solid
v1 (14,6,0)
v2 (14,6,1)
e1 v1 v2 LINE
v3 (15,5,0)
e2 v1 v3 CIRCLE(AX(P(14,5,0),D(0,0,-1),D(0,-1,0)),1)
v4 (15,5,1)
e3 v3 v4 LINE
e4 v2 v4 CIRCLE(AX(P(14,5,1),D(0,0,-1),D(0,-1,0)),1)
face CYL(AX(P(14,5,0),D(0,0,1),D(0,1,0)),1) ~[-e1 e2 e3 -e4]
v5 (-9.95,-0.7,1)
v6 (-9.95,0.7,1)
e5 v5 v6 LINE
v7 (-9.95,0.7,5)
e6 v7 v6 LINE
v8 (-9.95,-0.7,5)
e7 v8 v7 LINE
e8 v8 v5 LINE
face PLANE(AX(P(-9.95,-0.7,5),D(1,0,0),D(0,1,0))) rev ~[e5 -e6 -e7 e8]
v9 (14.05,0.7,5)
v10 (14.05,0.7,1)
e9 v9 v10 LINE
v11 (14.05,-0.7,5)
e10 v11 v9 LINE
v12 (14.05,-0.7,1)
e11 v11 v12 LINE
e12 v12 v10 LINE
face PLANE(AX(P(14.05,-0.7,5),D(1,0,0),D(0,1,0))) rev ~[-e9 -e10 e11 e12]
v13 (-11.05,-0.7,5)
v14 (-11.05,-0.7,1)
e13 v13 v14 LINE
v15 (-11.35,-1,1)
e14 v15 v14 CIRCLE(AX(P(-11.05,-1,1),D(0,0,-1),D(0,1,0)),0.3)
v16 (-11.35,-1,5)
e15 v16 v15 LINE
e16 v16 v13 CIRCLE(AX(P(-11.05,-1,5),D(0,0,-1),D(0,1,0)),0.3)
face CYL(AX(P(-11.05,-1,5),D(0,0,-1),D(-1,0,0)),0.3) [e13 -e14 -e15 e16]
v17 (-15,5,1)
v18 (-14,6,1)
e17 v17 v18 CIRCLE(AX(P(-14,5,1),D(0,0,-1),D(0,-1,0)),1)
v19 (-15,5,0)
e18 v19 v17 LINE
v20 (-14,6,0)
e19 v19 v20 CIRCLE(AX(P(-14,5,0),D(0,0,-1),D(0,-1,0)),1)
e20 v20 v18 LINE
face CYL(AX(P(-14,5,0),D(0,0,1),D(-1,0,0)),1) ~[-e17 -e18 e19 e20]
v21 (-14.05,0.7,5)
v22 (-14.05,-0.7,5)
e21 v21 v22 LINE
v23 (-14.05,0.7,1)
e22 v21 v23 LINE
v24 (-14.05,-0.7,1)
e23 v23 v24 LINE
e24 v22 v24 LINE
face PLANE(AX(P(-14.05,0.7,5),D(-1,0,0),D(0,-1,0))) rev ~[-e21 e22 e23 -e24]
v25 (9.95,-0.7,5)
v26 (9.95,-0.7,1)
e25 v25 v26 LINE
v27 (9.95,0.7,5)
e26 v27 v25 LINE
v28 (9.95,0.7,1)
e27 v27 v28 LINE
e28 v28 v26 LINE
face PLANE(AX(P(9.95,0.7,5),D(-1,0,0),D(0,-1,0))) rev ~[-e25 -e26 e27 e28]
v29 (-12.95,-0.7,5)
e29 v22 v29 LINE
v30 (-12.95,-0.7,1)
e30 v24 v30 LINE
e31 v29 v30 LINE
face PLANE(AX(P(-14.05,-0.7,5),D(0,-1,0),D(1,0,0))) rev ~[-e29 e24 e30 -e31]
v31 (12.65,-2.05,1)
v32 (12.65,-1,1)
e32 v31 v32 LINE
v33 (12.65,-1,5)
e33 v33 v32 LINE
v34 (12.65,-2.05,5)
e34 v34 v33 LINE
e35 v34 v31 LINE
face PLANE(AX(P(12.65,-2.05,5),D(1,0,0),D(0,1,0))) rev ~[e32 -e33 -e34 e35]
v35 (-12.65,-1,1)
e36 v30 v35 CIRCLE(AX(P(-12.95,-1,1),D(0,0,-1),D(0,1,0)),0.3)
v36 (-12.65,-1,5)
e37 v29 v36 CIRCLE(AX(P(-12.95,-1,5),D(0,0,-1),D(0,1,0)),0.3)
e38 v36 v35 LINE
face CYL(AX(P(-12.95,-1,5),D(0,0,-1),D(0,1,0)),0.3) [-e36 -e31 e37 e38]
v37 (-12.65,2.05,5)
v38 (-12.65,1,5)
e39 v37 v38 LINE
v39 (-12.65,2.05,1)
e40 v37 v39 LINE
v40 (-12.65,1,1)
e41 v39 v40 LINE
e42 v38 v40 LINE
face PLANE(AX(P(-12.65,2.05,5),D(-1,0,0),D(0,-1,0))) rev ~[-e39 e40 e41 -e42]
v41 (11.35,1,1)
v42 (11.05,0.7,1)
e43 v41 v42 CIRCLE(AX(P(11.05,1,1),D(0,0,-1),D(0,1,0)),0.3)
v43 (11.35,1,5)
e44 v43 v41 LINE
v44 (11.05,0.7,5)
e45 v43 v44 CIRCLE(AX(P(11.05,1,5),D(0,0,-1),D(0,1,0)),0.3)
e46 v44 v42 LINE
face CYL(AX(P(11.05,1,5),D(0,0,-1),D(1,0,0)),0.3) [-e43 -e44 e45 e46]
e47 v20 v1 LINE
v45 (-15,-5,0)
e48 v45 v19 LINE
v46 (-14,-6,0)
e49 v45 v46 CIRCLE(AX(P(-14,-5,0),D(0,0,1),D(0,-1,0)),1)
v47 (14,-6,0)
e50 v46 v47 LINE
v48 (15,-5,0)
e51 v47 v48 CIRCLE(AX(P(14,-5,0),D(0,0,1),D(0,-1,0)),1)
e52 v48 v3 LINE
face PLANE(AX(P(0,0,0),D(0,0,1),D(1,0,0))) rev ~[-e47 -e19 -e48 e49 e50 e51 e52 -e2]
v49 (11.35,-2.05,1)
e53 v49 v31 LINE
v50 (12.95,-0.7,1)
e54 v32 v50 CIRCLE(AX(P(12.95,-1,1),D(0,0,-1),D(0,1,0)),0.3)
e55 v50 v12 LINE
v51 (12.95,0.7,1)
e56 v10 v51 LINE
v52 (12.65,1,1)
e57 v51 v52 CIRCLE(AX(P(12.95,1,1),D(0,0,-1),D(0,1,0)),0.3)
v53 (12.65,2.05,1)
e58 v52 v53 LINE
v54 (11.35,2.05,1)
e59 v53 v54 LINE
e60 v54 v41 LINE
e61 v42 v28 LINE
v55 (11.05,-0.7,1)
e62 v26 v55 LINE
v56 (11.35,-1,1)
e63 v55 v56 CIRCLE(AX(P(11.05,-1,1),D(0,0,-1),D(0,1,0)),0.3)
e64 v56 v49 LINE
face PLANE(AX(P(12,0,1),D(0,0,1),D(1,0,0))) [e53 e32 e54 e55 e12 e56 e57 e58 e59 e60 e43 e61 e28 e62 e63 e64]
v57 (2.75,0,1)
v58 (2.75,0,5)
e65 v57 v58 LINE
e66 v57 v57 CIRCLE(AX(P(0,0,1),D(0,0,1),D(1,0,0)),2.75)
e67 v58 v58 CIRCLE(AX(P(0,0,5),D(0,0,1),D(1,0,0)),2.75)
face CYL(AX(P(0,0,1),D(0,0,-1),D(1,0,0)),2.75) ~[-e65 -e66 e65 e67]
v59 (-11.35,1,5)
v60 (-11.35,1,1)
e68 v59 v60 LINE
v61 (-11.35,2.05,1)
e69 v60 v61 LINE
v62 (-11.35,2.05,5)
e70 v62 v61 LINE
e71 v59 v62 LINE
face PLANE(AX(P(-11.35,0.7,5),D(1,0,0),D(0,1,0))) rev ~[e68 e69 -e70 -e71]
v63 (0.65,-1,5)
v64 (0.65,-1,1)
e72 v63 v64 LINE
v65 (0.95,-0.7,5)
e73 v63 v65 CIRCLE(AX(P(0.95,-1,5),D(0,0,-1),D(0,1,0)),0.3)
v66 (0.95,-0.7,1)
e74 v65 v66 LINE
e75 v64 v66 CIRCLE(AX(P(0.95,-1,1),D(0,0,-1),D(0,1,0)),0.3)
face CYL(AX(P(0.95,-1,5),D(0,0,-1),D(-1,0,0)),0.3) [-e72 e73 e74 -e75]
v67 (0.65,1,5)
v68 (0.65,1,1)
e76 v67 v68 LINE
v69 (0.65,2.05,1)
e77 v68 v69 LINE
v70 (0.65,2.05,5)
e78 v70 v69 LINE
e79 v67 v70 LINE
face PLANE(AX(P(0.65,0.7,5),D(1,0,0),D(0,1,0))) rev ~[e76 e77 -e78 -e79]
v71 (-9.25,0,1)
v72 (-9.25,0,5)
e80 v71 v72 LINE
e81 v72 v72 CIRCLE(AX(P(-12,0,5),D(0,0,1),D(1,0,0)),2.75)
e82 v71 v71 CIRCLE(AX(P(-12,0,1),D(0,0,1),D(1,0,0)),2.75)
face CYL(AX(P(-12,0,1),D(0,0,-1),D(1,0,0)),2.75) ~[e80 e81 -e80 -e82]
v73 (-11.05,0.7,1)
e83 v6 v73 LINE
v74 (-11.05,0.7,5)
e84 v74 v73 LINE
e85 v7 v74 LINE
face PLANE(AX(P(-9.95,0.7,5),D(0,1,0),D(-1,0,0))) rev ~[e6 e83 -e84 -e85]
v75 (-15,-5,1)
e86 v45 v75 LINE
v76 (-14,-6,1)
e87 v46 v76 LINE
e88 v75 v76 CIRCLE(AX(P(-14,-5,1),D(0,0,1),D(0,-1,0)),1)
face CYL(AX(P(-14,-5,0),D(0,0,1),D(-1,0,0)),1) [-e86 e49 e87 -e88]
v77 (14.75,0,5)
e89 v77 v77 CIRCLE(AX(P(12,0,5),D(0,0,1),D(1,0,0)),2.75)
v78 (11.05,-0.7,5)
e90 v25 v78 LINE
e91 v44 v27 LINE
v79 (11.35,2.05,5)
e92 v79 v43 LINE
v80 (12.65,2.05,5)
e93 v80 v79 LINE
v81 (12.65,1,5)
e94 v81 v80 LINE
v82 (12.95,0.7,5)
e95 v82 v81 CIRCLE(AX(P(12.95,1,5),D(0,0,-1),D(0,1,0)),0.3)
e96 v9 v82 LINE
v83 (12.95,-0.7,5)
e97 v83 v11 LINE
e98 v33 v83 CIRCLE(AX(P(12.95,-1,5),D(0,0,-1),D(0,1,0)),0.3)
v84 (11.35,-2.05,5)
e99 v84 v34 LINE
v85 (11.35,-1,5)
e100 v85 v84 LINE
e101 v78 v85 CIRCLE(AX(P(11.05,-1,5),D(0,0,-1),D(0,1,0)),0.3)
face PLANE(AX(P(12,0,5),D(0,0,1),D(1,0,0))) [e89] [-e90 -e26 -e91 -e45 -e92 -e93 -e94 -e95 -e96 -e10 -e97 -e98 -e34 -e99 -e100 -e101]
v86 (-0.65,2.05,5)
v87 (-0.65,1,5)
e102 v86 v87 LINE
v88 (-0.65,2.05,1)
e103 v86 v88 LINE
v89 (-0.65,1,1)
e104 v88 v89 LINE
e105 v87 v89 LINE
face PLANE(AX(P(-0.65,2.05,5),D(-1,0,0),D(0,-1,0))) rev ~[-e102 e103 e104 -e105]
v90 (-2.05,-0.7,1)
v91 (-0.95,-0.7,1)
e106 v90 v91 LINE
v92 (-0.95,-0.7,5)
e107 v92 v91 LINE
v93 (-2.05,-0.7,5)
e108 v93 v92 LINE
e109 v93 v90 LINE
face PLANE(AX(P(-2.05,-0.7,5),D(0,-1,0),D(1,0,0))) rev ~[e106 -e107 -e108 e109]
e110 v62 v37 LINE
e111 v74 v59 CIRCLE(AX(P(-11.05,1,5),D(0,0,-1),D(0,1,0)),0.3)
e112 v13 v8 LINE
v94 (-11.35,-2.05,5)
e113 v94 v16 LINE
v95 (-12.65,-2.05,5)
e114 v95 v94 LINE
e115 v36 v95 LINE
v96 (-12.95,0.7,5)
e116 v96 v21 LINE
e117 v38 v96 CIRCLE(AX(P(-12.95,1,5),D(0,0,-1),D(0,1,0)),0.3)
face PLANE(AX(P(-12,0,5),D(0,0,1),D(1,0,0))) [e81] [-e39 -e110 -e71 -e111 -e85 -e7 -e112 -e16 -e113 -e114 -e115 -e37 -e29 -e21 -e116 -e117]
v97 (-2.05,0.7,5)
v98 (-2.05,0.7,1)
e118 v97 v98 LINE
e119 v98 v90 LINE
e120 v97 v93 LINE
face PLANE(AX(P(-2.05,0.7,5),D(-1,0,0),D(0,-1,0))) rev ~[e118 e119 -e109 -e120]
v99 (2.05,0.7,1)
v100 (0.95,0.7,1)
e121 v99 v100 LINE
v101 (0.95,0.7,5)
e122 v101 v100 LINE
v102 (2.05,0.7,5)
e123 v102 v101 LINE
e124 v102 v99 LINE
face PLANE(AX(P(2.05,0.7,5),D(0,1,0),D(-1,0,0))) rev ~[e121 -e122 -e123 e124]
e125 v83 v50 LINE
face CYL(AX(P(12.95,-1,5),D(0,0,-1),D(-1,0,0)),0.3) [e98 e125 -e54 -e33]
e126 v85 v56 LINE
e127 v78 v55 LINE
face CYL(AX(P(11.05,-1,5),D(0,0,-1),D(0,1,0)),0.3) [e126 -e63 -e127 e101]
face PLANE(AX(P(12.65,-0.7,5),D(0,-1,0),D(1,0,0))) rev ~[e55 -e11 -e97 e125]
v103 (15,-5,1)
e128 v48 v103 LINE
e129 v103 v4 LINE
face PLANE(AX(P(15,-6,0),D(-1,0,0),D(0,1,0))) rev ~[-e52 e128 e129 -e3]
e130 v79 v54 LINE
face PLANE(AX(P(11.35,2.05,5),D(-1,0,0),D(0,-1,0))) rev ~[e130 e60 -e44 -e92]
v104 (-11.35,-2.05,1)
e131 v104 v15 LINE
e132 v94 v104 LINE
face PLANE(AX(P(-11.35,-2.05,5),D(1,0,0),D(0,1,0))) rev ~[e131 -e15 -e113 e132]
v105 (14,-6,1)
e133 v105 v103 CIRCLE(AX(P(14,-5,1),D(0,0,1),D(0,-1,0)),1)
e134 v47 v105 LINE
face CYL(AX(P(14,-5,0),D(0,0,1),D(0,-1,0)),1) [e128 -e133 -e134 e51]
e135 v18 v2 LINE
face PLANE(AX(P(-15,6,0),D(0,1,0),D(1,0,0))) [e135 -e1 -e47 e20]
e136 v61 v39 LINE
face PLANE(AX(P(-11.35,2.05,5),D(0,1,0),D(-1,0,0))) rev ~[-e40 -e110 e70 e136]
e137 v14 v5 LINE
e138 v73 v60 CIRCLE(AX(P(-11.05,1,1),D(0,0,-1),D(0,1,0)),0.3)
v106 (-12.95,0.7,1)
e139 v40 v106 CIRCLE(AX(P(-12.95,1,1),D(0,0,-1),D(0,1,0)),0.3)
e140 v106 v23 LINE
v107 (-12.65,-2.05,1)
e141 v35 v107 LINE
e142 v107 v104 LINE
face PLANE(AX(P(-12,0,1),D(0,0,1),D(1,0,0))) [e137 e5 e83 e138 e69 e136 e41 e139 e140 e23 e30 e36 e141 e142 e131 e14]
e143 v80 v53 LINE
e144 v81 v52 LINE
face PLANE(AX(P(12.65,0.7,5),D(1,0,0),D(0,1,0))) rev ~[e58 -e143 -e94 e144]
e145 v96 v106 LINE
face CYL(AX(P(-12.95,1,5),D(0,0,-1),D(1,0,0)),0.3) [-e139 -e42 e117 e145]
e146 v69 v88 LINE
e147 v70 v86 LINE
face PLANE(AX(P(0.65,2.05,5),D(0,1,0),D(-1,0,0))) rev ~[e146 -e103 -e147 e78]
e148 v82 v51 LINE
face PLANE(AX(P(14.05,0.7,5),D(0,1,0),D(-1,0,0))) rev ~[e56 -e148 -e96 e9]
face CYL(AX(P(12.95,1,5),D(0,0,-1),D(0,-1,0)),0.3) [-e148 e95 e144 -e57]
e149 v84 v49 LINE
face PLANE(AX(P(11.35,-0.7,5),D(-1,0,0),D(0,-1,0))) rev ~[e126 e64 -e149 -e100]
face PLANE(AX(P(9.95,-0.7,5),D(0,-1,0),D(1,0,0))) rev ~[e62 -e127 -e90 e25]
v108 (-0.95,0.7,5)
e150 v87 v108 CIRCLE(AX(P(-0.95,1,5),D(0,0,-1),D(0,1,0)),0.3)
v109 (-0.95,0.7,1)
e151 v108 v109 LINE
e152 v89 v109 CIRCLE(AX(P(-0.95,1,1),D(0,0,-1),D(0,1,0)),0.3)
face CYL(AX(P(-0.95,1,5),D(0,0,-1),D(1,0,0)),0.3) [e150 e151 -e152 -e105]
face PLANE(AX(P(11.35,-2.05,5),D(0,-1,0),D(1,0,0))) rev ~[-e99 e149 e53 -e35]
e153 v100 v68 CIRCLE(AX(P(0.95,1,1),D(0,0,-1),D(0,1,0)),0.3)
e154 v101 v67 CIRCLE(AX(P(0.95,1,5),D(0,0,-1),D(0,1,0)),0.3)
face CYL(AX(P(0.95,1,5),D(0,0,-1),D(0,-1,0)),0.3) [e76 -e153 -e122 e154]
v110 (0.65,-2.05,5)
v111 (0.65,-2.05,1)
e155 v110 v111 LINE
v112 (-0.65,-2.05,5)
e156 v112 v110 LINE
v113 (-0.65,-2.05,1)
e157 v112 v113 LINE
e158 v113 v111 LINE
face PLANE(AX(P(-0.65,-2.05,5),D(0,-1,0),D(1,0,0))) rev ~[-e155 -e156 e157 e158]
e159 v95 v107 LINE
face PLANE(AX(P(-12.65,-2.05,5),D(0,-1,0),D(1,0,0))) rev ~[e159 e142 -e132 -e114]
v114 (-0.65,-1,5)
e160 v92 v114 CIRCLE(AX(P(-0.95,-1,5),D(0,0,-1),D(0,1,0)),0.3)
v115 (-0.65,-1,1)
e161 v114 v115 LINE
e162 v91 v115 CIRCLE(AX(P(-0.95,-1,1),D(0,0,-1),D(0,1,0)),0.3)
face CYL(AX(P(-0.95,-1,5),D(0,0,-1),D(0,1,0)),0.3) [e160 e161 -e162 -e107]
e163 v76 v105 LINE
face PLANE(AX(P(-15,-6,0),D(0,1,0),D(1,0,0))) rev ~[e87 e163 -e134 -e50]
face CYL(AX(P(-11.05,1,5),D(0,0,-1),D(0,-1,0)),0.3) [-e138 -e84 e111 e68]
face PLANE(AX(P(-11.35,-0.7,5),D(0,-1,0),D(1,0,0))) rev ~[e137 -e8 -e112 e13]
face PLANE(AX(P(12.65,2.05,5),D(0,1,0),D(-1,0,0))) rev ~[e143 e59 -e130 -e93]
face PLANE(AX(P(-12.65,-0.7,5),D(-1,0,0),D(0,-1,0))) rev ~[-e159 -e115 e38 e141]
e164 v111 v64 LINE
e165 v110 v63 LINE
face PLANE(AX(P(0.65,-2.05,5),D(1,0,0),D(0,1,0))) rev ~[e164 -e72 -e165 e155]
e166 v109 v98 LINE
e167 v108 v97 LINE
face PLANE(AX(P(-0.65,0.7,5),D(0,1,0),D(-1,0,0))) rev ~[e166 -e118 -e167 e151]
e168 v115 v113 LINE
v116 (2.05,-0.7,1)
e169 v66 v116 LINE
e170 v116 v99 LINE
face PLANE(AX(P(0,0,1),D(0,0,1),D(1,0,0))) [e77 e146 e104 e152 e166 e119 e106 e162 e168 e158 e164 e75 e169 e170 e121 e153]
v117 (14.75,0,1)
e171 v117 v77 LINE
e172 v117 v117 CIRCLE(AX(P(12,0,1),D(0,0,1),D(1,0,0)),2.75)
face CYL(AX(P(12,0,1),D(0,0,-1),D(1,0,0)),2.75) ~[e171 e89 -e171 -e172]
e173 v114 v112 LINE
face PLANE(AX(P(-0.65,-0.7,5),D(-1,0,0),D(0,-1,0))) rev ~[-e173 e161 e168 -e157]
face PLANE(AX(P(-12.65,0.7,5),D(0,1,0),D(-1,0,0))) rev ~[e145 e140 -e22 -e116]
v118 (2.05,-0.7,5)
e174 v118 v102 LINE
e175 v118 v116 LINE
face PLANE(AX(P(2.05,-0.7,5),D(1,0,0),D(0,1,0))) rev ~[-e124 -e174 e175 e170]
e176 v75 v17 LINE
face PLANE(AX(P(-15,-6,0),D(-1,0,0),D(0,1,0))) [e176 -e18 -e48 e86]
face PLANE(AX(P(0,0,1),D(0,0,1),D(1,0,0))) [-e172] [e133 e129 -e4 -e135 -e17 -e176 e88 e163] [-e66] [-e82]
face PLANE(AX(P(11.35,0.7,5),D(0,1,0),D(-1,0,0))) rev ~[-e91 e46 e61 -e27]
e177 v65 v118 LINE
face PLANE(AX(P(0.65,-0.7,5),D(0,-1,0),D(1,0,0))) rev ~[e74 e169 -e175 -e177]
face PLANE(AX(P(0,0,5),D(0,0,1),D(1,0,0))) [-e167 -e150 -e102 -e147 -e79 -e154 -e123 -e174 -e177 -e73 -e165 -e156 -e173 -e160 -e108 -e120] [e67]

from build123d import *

# Parameters (mm, degrees)
SKETCH_W     = 30
SKETCH_H     = 12
PAD_DEPTH    = 1
SKETCH001_R  = 2.75
PAD001_DEPTH = 4
POCKET_DEPTH = 4
FILLET_R     = 0.3
FILLET001_R  = 1


with BuildPart() as part:
    # Sketch → Pad (new body)
    with BuildSketch(Plane.XY):
        Rectangle(SKETCH_W, SKETCH_H)
    extrude(amount=PAD_DEPTH)

    # Sketch001 (on Face6 of Pad) → Pad001 (join)
    with BuildSketch(Plane.XY.offset(1)):
        Circle(SKETCH001_R)
        with Locations((-12, 0)):
            Circle(SKETCH001_R)
        with Locations((12, 0)):
            Circle(SKETCH001_R)
    extrude(amount=PAD001_DEPTH)

    # Sketch002 (on Face11 of Pad001) → Pocket (cut)
    with BuildSketch(Plane.XY.offset(5)):
        Polygon((-0.65, 2.05), (-0.65, 0.7), (-2.05, 0.7), (-2.05, -0.7), (-0.65, -0.7), (-0.65, -2.05), (0.65, -2.05), (0.65, -0.7), (2.05, -0.7), (2.05, 0.7), (0.65, 0.7), (0.65, 2.05), align=None)
        Polygon((11.35, 2.05), (11.35, 0.7), (9.95, 0.7), (9.95, -0.7), (11.35, -0.7), (11.35, -2.05), (12.65, -2.05), (12.65, -0.7), (14.05, -0.7), (14.05, 0.7), (12.65, 0.7), (12.65, 2.05), align=None)
        Polygon((-12.65, 2.05), (-12.65, 0.7), (-14.05, 0.7), (-14.05, -0.7), (-12.65, -0.7), (-12.65, -2.05), (-11.35, -2.05), (-11.35, -0.7), (-9.95, -0.7), (-9.95, 0.7), (-11.35, 0.7), (-11.35, 2.05), align=None)
    extrude(amount=-POCKET_DEPTH, mode=Mode.SUBTRACT)

    # Fillet
    fillet_edges = [part.edges().sort_by_distance(p)[0] for p in [
        (-0.65, 0.7, 3),
        (0.65, 0.7, 3),
        (-12.65, 0.7, 3),
        (-11.35, 0.7, 3),
        (11.35, 0.7, 3),
        (12.65, 0.7, 3),
        (12.65, -0.7, 3),
        (11.35, -0.7, 3),
        (0.65, -0.7, 3),
        (-0.65, -0.7, 3),
        (-11.35, -0.7, 3),
        (-12.65, -0.7, 3),
    ]]
    fillet(fillet_edges, radius=FILLET_R)

    # Fillet001
    fillet001_edges = [part.edges().sort_by_distance(p)[0] for p in [
        (-15, -6, 0.5),
        (15, -6, 0.5),
        (-15, 6, 0.5),
        (15, 6, 0.5),
    ]]
    fillet(fillet001_edges, radius=FILLET001_R)


solid = part.part
